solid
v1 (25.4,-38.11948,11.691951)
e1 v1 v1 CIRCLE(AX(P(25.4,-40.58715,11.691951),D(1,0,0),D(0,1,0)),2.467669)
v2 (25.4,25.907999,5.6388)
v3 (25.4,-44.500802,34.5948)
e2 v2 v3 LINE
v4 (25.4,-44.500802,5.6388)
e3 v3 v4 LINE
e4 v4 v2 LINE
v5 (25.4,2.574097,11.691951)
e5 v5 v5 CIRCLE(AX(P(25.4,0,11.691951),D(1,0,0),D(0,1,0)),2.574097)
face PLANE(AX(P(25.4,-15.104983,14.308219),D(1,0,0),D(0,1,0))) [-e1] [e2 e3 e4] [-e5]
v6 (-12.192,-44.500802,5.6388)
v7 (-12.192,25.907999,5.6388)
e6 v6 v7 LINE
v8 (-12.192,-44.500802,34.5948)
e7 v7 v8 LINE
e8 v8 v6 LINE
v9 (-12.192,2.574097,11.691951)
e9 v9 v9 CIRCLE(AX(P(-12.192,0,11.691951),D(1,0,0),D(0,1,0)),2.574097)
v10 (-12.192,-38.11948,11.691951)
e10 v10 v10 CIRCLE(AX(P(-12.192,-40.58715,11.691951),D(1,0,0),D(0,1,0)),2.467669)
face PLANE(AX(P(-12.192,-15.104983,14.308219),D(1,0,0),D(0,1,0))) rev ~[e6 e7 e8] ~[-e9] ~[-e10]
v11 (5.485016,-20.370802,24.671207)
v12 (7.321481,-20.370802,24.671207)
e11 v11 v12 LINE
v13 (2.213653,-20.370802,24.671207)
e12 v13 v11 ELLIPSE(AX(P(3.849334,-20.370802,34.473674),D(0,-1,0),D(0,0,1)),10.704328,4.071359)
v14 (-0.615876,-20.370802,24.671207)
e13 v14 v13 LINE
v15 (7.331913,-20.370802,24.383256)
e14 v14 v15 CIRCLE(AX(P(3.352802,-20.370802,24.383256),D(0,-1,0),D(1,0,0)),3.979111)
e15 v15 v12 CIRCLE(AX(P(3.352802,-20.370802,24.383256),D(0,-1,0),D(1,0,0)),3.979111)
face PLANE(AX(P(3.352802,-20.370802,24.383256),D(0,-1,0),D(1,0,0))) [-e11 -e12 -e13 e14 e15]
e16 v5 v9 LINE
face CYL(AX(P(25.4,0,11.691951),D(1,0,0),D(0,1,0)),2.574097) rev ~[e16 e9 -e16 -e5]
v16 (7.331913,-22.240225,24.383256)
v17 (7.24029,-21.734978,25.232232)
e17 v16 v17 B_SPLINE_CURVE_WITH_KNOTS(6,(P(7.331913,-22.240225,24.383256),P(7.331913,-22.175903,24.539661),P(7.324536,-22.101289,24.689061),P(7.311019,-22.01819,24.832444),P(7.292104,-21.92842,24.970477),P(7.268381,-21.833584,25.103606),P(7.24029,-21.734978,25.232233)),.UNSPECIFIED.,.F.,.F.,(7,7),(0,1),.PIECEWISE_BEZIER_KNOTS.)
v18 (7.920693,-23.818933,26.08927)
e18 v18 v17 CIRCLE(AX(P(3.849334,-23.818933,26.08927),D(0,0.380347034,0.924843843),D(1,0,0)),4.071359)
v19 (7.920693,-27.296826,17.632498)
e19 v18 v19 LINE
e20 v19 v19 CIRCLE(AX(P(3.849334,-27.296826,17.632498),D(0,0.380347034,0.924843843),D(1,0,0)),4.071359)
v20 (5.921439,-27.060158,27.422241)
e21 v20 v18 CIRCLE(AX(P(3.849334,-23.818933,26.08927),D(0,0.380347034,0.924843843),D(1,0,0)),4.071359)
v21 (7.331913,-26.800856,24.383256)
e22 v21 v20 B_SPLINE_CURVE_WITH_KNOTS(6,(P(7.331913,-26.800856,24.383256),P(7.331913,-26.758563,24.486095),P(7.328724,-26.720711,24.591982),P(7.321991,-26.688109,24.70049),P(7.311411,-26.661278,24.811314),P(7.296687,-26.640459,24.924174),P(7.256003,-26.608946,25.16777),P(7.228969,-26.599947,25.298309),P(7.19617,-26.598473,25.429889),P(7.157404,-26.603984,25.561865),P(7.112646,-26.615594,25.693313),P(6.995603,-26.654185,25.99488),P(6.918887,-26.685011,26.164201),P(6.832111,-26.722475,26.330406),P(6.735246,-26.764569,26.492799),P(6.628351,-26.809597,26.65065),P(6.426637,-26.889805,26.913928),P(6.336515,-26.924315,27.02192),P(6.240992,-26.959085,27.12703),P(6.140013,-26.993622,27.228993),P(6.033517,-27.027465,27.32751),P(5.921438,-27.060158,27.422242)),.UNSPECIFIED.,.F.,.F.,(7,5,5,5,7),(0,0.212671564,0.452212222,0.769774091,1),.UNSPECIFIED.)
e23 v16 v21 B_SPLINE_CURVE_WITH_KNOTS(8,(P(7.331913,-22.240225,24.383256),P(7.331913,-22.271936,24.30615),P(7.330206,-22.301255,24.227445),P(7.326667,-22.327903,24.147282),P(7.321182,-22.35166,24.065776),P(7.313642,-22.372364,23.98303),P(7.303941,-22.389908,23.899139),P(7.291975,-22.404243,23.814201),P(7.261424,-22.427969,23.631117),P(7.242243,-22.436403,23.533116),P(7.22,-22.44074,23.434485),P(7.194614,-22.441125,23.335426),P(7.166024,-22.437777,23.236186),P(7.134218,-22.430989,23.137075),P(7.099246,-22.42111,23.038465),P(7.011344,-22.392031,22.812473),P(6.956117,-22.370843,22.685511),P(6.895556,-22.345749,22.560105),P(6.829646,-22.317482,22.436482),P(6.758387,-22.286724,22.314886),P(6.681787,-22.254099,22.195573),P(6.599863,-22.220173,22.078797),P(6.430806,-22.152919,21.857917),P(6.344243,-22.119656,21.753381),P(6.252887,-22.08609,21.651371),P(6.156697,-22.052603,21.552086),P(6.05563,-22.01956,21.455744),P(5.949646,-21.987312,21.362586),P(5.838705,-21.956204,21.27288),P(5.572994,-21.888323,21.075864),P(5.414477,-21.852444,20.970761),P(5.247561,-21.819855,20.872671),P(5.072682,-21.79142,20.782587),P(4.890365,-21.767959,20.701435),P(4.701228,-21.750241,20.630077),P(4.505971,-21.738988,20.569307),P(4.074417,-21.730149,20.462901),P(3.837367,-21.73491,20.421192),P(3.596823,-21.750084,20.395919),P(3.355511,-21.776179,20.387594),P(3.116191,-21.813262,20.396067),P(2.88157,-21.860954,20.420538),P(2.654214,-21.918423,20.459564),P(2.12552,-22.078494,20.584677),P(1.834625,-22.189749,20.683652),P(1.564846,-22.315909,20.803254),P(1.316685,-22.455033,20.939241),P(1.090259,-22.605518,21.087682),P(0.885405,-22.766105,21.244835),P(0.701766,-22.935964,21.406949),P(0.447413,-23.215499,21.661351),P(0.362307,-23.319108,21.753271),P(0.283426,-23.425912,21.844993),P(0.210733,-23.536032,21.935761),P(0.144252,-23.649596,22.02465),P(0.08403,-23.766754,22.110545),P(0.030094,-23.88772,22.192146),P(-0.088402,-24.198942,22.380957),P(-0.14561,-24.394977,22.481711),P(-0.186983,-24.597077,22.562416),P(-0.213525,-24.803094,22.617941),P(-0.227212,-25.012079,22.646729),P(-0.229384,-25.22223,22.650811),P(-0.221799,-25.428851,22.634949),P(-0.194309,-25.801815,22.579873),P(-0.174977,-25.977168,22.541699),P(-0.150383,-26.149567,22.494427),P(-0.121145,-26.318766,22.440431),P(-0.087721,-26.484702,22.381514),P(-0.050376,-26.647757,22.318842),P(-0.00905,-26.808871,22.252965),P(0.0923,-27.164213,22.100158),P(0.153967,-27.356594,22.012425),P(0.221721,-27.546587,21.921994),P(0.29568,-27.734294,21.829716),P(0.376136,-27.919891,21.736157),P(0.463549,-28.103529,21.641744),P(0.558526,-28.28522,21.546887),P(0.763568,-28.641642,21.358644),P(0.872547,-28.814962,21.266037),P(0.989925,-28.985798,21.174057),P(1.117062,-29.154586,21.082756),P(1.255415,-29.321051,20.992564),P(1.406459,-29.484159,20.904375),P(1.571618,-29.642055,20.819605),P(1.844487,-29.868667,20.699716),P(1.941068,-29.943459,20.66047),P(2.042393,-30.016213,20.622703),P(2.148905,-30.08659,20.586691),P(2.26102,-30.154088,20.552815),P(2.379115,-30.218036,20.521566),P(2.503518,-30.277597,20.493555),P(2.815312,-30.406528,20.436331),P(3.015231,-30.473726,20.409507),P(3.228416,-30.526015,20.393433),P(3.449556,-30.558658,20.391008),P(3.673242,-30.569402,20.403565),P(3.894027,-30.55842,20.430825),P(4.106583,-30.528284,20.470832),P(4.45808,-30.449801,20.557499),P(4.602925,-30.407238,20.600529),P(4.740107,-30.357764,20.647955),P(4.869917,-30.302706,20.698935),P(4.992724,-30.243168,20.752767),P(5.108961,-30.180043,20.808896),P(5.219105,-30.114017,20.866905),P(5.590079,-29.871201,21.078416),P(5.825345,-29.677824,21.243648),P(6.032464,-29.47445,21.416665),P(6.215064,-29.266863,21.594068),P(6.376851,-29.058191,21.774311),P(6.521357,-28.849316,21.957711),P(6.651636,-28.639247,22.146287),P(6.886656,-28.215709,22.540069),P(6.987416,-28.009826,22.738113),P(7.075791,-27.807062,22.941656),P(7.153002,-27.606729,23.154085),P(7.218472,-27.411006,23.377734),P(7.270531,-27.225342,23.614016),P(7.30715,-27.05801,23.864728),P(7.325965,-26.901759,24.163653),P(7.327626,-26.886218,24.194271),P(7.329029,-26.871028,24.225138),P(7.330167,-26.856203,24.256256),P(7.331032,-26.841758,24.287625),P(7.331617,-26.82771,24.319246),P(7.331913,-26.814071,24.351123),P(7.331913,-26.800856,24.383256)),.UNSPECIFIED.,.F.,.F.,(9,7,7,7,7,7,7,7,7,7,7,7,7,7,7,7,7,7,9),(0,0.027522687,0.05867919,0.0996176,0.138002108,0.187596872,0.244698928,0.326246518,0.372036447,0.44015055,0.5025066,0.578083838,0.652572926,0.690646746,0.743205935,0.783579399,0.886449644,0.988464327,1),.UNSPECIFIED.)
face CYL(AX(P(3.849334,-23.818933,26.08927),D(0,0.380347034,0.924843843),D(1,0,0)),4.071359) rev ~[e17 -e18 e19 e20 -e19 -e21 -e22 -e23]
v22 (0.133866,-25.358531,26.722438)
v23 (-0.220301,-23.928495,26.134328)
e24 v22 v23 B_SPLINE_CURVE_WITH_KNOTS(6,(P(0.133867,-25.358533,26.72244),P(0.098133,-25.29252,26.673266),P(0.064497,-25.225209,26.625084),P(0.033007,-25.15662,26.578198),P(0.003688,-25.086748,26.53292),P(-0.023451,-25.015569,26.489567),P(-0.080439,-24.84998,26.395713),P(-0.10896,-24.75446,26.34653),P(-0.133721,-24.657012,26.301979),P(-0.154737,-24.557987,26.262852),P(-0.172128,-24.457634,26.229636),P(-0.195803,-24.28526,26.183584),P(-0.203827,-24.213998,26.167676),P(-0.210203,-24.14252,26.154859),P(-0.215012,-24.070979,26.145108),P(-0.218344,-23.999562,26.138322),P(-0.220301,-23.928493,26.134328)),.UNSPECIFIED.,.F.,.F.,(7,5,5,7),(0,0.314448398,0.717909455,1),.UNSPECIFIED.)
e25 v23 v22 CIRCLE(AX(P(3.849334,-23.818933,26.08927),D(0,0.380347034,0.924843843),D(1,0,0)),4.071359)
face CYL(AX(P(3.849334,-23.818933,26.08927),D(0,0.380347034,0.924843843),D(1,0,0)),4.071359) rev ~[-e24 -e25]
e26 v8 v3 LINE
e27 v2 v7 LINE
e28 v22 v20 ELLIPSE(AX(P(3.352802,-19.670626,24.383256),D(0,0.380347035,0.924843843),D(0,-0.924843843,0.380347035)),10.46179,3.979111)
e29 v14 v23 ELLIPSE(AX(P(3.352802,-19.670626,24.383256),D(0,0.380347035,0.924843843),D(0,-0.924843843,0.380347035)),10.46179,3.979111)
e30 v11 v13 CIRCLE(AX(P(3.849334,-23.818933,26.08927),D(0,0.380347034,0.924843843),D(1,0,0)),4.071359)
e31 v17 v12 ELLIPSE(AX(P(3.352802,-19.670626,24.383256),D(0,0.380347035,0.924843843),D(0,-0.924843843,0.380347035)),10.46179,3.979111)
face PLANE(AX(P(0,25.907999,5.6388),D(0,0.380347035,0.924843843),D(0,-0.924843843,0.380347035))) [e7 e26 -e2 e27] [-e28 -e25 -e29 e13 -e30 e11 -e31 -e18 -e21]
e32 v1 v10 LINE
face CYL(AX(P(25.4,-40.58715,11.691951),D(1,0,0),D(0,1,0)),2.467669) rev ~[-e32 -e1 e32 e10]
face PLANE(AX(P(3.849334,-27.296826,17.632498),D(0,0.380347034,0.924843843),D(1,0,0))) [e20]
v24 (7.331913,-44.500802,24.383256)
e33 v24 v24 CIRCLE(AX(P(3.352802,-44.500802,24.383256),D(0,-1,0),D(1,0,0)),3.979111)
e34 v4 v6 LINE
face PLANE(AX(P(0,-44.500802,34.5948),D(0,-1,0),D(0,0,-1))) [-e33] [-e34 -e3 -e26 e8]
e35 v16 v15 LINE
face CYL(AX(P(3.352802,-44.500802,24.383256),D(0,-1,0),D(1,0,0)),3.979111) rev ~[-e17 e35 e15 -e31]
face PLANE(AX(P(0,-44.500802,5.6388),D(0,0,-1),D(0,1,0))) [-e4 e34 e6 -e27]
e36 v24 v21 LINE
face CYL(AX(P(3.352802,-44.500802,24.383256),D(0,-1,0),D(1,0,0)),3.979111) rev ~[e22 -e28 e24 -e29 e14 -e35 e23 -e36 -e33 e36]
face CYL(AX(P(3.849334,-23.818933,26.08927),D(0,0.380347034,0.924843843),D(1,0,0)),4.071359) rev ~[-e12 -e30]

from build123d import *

# Parameters (mm, degrees)
F1_DEPTH = 25.4
F2_DEPTH = 12.192
F3_R     = 2.4676693698
F3_R_2   = 2.5740966664
F4_DEPTH = 43.18
F5_R     = 4.0713593192
F6_DEPTH = 9.144
F7_R     = 3.9791108566
F8_DEPTH = 24.13


with BuildPart() as f1:
    # F0 (on Right) → F1 (new body)
    with BuildSketch(Plane.YZ):
        Polygon((25.9079989046, 5.6388000958), (-44.5008017123, 34.5948003232), (-44.5008017123, 5.6388000958), align=None)
    extrude(amount=F1_DEPTH)

    # F2 (add): a face of the model
    f2_faces = [f1.faces().sort_by_distance(p)[0] for p in [
        (0, -21.0312015067, 15.2908001716),
    ]]
    extrude(f2_faces, amount=F2_DEPTH)

    # F3 (on face) → F4 (cut)
    with BuildSketch(Plane.YZ.offset(25.4)):
        with Locations((-40.5871495605, 11.6919511929)):
            Circle(F3_R)
        with Locations((0, 11.6919511929)):
            Circle(F3_R_2)
    extrude(amount=-F4_DEPTH, mode=Mode.SUBTRACT)

    # F5 (on face) → F6 (cut)
    with BuildSketch(Plane(origin=(0, 5.731464716, 13.9365089537), x_dir=(1, 0, 0), z_dir=(0, 0.3803470345, 0.9248438427))):
        with Locations((3.8493340835, -31.9517701864)):
            Circle(F5_R)
    extrude(amount=-F6_DEPTH, mode=Mode.SUBTRACT)

    # F7 (on face) → F8 (cut)
    with BuildSketch(Plane.XZ.offset(44.5008017123)):
        with Locations((3.3528024796, 24.3832562119)):
            Circle(F7_R)
    extrude(amount=-F8_DEPTH, mode=Mode.SUBTRACT)


solid = f1.part
